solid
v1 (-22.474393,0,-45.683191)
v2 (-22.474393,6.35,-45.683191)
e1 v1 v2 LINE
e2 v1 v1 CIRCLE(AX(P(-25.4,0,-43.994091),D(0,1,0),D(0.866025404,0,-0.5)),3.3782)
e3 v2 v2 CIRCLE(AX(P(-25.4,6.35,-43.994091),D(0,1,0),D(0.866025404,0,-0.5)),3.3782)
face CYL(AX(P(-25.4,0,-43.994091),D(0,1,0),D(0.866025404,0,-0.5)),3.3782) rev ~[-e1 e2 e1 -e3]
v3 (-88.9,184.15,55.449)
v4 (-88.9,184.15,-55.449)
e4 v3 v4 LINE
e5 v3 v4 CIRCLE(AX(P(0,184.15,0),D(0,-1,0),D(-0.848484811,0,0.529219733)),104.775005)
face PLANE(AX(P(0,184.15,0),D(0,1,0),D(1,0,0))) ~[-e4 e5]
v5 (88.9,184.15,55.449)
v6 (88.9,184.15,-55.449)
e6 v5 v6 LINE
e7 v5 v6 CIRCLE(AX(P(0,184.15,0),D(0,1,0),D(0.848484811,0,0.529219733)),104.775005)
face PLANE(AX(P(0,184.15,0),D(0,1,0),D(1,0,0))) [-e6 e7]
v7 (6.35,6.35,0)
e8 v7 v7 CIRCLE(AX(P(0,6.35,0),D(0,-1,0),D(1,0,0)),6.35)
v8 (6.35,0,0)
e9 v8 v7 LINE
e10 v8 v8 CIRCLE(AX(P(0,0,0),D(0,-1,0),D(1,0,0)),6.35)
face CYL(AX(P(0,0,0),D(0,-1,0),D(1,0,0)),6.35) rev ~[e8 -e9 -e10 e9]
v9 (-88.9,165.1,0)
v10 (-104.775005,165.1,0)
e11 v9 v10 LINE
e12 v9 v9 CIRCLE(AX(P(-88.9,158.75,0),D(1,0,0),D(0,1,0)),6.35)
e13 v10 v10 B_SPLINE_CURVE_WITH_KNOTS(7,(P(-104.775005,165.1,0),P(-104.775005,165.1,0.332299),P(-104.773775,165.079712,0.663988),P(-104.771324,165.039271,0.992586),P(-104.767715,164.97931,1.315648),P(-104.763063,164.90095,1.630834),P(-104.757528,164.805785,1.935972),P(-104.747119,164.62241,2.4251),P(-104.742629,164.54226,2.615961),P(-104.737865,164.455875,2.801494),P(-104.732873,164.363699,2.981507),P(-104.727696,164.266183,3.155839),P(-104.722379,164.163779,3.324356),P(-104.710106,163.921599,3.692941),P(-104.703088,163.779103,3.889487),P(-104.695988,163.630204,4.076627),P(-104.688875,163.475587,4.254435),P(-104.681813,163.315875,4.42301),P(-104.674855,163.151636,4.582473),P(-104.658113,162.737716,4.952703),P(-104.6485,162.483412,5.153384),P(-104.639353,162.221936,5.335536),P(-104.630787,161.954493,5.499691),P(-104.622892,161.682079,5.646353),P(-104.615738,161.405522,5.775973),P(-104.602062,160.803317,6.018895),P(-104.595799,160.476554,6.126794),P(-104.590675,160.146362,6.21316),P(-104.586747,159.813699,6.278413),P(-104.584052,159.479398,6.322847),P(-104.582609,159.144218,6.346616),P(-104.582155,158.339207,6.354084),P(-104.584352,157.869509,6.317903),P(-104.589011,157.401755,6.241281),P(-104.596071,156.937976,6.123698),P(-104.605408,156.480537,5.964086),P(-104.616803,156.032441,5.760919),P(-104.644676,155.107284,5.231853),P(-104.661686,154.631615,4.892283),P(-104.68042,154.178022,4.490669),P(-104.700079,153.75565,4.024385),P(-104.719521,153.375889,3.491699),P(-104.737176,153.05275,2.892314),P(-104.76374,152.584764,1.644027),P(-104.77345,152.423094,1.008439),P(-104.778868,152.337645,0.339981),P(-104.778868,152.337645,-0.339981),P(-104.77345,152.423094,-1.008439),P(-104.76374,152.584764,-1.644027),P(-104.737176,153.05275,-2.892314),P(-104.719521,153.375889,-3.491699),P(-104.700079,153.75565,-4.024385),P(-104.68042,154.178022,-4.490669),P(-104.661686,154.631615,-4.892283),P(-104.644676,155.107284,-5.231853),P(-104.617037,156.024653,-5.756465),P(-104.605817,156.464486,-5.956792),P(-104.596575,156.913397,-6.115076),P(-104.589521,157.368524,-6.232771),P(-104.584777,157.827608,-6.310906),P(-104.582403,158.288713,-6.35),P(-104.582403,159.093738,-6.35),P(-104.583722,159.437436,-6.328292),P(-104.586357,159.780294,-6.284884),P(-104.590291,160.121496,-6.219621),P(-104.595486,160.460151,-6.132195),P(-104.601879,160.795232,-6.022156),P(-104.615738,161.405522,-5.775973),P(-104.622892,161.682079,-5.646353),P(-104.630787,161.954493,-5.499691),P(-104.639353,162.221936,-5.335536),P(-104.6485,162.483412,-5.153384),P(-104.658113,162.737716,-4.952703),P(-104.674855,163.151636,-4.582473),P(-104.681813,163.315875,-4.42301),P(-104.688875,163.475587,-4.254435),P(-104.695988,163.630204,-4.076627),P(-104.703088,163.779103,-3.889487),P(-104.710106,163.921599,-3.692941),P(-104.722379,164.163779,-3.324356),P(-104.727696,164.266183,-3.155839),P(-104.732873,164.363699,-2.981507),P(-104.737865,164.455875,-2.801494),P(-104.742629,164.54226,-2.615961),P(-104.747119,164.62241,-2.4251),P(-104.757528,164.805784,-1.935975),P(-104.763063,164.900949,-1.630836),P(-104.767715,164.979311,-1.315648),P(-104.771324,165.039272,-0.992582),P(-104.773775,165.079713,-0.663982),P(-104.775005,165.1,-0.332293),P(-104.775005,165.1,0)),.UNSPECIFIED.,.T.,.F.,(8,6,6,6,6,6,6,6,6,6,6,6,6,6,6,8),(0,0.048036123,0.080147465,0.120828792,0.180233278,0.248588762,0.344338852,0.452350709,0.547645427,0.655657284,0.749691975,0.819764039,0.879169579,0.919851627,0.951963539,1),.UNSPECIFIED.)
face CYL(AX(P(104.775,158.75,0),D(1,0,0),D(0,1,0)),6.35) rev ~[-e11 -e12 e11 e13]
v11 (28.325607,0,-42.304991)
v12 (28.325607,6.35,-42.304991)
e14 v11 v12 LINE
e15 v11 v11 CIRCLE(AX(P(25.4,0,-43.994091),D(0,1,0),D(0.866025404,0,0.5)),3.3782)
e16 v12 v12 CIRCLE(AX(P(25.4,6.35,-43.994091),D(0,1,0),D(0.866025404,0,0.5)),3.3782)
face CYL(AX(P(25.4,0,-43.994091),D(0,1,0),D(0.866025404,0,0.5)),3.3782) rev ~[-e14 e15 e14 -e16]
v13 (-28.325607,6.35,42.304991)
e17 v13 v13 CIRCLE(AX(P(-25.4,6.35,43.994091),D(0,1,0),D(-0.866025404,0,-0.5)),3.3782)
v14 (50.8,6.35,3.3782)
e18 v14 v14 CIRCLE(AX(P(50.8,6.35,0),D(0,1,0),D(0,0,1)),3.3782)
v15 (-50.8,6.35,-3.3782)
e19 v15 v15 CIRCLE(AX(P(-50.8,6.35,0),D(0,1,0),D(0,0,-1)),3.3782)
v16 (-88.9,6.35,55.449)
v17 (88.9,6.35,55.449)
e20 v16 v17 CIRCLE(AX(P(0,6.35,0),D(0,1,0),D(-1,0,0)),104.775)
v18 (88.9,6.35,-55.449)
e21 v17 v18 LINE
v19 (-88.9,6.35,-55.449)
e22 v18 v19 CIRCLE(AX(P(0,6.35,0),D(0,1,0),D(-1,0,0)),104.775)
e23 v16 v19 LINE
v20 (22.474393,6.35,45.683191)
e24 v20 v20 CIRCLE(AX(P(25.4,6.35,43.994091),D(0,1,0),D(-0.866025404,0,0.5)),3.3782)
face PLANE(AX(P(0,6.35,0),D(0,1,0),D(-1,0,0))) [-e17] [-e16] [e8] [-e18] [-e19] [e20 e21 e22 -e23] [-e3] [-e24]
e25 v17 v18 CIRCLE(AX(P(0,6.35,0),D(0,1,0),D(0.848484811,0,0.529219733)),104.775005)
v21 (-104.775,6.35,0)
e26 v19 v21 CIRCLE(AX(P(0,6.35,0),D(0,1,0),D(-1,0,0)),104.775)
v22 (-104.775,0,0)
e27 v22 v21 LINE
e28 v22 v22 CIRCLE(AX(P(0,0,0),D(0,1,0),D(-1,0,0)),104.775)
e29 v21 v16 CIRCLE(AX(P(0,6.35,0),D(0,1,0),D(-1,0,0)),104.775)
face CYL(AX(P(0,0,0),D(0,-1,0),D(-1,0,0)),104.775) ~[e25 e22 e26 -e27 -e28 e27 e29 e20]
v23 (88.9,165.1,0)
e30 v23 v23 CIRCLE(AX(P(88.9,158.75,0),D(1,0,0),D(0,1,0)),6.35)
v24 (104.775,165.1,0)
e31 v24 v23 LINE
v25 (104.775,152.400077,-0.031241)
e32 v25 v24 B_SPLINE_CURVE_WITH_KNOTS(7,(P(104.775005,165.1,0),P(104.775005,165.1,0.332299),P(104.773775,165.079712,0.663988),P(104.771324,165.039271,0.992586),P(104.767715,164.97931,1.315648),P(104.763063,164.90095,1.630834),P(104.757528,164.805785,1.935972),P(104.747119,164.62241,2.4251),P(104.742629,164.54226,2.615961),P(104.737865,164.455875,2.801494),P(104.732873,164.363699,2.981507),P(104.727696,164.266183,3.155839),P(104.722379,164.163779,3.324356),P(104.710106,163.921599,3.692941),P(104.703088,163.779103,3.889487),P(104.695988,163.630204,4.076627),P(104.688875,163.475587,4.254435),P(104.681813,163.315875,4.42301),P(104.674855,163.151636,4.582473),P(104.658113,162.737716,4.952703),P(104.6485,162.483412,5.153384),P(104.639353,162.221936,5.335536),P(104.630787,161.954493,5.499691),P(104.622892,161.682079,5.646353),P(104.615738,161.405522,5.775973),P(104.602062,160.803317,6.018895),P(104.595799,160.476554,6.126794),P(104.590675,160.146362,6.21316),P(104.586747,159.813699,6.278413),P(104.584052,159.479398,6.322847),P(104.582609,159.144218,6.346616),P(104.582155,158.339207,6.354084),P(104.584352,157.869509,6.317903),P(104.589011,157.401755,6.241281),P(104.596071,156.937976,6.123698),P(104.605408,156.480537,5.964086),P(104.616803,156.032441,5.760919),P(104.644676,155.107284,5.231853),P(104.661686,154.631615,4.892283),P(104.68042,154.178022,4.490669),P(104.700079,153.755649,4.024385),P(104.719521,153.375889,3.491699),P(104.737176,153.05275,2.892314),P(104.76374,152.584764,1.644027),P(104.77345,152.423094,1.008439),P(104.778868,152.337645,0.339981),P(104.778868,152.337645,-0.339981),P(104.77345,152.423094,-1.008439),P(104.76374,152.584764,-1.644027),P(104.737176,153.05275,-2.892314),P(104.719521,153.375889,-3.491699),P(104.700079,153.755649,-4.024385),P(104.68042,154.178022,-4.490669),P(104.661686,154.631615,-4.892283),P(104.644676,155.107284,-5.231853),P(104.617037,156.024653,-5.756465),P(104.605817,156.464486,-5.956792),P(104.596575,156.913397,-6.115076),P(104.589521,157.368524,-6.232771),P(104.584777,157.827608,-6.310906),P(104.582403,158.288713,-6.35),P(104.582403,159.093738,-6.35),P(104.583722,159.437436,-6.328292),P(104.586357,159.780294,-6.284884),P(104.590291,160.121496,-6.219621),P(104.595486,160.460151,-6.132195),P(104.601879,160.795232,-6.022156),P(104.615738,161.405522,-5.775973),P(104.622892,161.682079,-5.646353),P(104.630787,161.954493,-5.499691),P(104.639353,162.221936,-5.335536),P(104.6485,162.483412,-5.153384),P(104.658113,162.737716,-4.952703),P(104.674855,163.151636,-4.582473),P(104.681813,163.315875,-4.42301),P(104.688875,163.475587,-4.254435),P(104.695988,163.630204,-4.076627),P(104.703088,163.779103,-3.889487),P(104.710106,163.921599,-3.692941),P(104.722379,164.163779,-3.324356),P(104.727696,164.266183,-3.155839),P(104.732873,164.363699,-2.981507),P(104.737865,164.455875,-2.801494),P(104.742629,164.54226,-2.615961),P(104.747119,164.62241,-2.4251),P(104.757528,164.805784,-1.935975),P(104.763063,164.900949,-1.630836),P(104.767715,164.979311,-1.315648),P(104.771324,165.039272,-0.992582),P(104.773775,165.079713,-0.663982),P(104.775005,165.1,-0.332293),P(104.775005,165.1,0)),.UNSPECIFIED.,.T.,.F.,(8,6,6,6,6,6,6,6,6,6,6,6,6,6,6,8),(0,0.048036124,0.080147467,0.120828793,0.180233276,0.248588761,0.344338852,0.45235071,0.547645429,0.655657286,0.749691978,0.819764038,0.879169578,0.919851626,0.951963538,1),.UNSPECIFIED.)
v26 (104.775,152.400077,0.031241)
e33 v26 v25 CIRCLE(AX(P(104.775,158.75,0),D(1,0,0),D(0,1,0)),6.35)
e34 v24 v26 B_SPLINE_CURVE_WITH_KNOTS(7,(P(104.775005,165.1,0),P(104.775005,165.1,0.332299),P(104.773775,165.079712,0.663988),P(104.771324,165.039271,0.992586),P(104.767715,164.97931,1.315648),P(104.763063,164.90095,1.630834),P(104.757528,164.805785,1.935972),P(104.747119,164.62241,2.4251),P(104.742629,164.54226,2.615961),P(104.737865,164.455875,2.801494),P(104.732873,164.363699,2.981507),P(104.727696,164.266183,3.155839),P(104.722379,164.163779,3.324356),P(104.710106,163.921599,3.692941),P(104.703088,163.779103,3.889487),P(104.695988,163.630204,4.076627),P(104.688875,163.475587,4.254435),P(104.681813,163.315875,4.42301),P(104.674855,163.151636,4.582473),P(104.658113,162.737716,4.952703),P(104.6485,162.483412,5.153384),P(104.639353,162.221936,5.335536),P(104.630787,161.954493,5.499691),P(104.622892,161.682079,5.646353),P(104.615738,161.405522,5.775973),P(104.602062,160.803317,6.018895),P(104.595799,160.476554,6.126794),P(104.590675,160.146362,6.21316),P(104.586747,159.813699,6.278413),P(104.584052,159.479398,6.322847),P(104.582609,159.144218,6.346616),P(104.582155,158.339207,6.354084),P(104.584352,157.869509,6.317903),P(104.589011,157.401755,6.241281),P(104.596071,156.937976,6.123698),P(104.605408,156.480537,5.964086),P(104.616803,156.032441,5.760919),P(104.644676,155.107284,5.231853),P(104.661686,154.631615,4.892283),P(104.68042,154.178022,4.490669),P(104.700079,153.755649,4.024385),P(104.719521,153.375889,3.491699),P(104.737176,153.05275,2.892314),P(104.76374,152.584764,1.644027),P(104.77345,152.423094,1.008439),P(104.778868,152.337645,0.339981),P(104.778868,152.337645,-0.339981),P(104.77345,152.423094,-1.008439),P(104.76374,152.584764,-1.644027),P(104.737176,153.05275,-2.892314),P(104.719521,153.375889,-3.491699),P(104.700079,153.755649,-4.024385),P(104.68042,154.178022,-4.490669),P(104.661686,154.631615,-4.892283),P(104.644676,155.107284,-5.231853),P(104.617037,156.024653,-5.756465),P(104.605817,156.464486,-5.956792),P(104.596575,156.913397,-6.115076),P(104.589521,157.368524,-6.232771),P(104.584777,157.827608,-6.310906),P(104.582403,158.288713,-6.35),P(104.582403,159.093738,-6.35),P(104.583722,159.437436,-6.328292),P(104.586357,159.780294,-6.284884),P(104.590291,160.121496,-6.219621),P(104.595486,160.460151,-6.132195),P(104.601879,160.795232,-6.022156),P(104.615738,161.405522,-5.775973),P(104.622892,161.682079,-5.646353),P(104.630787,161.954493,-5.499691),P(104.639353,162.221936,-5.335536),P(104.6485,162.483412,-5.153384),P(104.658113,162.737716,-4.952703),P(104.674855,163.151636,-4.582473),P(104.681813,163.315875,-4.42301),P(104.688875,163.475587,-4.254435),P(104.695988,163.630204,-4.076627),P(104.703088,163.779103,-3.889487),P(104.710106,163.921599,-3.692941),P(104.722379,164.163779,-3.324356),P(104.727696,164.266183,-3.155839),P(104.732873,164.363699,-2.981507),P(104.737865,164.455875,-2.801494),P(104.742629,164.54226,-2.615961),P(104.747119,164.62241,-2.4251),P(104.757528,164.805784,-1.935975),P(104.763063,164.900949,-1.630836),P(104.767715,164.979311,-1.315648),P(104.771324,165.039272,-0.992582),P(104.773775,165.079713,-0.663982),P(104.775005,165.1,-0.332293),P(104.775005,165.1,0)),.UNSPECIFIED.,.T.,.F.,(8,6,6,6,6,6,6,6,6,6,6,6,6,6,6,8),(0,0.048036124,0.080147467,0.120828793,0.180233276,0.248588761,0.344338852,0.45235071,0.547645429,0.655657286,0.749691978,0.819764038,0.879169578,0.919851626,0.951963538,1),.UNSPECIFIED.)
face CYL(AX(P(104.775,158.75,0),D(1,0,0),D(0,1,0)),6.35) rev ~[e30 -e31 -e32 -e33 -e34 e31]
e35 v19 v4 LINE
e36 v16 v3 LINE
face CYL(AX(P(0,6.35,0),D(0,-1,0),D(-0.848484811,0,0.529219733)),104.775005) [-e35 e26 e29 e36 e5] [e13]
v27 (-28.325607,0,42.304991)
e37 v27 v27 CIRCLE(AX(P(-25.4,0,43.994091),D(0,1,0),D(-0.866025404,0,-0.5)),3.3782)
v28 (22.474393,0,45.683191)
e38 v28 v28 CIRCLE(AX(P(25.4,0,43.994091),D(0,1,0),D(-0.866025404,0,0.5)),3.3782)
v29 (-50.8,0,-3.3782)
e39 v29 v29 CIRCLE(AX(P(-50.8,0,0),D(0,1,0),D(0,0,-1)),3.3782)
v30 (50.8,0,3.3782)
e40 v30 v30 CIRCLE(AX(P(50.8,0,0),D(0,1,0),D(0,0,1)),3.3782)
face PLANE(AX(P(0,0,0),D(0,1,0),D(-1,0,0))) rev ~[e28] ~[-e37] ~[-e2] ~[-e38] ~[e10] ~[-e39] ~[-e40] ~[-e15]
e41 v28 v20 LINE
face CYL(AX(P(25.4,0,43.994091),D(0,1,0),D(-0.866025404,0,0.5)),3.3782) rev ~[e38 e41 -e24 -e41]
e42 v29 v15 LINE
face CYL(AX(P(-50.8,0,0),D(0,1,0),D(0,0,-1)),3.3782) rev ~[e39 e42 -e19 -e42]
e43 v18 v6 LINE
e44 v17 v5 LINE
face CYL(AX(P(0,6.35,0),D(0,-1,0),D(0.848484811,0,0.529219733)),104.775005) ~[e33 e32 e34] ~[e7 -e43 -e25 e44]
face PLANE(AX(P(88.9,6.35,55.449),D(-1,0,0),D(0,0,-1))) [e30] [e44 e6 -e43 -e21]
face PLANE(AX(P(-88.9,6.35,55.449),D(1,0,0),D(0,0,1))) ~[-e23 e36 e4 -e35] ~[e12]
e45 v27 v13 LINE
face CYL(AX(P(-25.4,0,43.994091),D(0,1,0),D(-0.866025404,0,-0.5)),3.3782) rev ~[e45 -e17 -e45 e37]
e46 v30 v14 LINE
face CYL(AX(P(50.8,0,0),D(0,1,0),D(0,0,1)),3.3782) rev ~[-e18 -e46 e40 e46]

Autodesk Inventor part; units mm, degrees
ref_plane "XZ Plane" through (0, 0, 0) normal (0, 1, 0) x (-1, 0, 0)
ref_plane "XY Plane" through (0, 0, 0) normal (0, 0, 1) x (1, 0, 0)
sketch "Sketch1" plane through (0, 0, 0) normal (0, 1, 0) x (-1, 0, 0)
  circle A0 centre (0, 0) radius 104.775
  dimension "baseOutsideDiameter" = 209.55
extrude "Extrusion1" add sketch "Sketch1" along normal blind 6.35
sketch "Sketch7" plane through (0, 6.35, 0) normal (0, 1, 0) x (1, 0, 0)
  line L0 (0, 0) -> (0, 104.775) construction
  circle A0 centre (0, 0) radius 104.775 construction
  line L1 (88.9, -55.449) -> (88.9, 55.449)
  arc A1 (88.9, -55.449) -> (88.9, 55.449) centre (0, 0) ccw
  dimension "spaceforTube" = 88.9
extrude "Extrusion7" add sketch "Sketch7" along normal blind 177.8
mirror "Mirror1" about plane through (0, 0, 0) normal (1, 0, 0) of "Extrusion7"
ref_plane "Work Plane2" through (104.775, 0, 0) normal (1, 0, 0) x (0, 1, 0)
sketch "Sketch8" plane through (104.775, 0, 0) normal (1, 0, 0) x (0, 1, 0)
  circle A0 centre (158.75, 0) radius 6.35
  line L0 (6.35, 55.449) -> (6.35, 104.775) projected
  point P0 (0, 0)
  dimension "d34" = 12.7
  dimension "holeHeight" = 152.4
extrude "Extrusion8" cut sketch "Sketch8" against normal through all
sketch "Sketch9" plane through (0, 0, 0) normal (0, -1, 0) x (1, 0, 0)
  circle A0 centre (0, 0) radius 6.35
  dimension "d47" = 12.7
extrude "Extrusion9" cut sketch "Sketch9" against normal through all
sketch "Sketch10" plane through (0, 0, 0) normal (0, -1, 0) x (1, 0, 0)
  point P0 (0, 0)
  point P1 (-50.8, 0)
  dimension "d50" = 50.8
hole "Hole1" at (-50.8, 0, 0) direction (0, 1, 0) diameter 6.7564 end through all clearance for "Socket Head Cap Screw" size "1/4" standard "Ansi Unified Screw Threads"
pattern_circular "Circular Pattern2" count 6 over 360 about axis through (0, -10, 0) along (0, 1, 0) of "Hole1"
equation "\"spaceforTube\" = bracketWidth + 0.5 * tubeDiameter"
equation "\"tubeDiameter\" = 165.1"
equation "\"bracketWidth\" = 6.35"
properties part number "topOfRaBase" material "ABS Plastic"
